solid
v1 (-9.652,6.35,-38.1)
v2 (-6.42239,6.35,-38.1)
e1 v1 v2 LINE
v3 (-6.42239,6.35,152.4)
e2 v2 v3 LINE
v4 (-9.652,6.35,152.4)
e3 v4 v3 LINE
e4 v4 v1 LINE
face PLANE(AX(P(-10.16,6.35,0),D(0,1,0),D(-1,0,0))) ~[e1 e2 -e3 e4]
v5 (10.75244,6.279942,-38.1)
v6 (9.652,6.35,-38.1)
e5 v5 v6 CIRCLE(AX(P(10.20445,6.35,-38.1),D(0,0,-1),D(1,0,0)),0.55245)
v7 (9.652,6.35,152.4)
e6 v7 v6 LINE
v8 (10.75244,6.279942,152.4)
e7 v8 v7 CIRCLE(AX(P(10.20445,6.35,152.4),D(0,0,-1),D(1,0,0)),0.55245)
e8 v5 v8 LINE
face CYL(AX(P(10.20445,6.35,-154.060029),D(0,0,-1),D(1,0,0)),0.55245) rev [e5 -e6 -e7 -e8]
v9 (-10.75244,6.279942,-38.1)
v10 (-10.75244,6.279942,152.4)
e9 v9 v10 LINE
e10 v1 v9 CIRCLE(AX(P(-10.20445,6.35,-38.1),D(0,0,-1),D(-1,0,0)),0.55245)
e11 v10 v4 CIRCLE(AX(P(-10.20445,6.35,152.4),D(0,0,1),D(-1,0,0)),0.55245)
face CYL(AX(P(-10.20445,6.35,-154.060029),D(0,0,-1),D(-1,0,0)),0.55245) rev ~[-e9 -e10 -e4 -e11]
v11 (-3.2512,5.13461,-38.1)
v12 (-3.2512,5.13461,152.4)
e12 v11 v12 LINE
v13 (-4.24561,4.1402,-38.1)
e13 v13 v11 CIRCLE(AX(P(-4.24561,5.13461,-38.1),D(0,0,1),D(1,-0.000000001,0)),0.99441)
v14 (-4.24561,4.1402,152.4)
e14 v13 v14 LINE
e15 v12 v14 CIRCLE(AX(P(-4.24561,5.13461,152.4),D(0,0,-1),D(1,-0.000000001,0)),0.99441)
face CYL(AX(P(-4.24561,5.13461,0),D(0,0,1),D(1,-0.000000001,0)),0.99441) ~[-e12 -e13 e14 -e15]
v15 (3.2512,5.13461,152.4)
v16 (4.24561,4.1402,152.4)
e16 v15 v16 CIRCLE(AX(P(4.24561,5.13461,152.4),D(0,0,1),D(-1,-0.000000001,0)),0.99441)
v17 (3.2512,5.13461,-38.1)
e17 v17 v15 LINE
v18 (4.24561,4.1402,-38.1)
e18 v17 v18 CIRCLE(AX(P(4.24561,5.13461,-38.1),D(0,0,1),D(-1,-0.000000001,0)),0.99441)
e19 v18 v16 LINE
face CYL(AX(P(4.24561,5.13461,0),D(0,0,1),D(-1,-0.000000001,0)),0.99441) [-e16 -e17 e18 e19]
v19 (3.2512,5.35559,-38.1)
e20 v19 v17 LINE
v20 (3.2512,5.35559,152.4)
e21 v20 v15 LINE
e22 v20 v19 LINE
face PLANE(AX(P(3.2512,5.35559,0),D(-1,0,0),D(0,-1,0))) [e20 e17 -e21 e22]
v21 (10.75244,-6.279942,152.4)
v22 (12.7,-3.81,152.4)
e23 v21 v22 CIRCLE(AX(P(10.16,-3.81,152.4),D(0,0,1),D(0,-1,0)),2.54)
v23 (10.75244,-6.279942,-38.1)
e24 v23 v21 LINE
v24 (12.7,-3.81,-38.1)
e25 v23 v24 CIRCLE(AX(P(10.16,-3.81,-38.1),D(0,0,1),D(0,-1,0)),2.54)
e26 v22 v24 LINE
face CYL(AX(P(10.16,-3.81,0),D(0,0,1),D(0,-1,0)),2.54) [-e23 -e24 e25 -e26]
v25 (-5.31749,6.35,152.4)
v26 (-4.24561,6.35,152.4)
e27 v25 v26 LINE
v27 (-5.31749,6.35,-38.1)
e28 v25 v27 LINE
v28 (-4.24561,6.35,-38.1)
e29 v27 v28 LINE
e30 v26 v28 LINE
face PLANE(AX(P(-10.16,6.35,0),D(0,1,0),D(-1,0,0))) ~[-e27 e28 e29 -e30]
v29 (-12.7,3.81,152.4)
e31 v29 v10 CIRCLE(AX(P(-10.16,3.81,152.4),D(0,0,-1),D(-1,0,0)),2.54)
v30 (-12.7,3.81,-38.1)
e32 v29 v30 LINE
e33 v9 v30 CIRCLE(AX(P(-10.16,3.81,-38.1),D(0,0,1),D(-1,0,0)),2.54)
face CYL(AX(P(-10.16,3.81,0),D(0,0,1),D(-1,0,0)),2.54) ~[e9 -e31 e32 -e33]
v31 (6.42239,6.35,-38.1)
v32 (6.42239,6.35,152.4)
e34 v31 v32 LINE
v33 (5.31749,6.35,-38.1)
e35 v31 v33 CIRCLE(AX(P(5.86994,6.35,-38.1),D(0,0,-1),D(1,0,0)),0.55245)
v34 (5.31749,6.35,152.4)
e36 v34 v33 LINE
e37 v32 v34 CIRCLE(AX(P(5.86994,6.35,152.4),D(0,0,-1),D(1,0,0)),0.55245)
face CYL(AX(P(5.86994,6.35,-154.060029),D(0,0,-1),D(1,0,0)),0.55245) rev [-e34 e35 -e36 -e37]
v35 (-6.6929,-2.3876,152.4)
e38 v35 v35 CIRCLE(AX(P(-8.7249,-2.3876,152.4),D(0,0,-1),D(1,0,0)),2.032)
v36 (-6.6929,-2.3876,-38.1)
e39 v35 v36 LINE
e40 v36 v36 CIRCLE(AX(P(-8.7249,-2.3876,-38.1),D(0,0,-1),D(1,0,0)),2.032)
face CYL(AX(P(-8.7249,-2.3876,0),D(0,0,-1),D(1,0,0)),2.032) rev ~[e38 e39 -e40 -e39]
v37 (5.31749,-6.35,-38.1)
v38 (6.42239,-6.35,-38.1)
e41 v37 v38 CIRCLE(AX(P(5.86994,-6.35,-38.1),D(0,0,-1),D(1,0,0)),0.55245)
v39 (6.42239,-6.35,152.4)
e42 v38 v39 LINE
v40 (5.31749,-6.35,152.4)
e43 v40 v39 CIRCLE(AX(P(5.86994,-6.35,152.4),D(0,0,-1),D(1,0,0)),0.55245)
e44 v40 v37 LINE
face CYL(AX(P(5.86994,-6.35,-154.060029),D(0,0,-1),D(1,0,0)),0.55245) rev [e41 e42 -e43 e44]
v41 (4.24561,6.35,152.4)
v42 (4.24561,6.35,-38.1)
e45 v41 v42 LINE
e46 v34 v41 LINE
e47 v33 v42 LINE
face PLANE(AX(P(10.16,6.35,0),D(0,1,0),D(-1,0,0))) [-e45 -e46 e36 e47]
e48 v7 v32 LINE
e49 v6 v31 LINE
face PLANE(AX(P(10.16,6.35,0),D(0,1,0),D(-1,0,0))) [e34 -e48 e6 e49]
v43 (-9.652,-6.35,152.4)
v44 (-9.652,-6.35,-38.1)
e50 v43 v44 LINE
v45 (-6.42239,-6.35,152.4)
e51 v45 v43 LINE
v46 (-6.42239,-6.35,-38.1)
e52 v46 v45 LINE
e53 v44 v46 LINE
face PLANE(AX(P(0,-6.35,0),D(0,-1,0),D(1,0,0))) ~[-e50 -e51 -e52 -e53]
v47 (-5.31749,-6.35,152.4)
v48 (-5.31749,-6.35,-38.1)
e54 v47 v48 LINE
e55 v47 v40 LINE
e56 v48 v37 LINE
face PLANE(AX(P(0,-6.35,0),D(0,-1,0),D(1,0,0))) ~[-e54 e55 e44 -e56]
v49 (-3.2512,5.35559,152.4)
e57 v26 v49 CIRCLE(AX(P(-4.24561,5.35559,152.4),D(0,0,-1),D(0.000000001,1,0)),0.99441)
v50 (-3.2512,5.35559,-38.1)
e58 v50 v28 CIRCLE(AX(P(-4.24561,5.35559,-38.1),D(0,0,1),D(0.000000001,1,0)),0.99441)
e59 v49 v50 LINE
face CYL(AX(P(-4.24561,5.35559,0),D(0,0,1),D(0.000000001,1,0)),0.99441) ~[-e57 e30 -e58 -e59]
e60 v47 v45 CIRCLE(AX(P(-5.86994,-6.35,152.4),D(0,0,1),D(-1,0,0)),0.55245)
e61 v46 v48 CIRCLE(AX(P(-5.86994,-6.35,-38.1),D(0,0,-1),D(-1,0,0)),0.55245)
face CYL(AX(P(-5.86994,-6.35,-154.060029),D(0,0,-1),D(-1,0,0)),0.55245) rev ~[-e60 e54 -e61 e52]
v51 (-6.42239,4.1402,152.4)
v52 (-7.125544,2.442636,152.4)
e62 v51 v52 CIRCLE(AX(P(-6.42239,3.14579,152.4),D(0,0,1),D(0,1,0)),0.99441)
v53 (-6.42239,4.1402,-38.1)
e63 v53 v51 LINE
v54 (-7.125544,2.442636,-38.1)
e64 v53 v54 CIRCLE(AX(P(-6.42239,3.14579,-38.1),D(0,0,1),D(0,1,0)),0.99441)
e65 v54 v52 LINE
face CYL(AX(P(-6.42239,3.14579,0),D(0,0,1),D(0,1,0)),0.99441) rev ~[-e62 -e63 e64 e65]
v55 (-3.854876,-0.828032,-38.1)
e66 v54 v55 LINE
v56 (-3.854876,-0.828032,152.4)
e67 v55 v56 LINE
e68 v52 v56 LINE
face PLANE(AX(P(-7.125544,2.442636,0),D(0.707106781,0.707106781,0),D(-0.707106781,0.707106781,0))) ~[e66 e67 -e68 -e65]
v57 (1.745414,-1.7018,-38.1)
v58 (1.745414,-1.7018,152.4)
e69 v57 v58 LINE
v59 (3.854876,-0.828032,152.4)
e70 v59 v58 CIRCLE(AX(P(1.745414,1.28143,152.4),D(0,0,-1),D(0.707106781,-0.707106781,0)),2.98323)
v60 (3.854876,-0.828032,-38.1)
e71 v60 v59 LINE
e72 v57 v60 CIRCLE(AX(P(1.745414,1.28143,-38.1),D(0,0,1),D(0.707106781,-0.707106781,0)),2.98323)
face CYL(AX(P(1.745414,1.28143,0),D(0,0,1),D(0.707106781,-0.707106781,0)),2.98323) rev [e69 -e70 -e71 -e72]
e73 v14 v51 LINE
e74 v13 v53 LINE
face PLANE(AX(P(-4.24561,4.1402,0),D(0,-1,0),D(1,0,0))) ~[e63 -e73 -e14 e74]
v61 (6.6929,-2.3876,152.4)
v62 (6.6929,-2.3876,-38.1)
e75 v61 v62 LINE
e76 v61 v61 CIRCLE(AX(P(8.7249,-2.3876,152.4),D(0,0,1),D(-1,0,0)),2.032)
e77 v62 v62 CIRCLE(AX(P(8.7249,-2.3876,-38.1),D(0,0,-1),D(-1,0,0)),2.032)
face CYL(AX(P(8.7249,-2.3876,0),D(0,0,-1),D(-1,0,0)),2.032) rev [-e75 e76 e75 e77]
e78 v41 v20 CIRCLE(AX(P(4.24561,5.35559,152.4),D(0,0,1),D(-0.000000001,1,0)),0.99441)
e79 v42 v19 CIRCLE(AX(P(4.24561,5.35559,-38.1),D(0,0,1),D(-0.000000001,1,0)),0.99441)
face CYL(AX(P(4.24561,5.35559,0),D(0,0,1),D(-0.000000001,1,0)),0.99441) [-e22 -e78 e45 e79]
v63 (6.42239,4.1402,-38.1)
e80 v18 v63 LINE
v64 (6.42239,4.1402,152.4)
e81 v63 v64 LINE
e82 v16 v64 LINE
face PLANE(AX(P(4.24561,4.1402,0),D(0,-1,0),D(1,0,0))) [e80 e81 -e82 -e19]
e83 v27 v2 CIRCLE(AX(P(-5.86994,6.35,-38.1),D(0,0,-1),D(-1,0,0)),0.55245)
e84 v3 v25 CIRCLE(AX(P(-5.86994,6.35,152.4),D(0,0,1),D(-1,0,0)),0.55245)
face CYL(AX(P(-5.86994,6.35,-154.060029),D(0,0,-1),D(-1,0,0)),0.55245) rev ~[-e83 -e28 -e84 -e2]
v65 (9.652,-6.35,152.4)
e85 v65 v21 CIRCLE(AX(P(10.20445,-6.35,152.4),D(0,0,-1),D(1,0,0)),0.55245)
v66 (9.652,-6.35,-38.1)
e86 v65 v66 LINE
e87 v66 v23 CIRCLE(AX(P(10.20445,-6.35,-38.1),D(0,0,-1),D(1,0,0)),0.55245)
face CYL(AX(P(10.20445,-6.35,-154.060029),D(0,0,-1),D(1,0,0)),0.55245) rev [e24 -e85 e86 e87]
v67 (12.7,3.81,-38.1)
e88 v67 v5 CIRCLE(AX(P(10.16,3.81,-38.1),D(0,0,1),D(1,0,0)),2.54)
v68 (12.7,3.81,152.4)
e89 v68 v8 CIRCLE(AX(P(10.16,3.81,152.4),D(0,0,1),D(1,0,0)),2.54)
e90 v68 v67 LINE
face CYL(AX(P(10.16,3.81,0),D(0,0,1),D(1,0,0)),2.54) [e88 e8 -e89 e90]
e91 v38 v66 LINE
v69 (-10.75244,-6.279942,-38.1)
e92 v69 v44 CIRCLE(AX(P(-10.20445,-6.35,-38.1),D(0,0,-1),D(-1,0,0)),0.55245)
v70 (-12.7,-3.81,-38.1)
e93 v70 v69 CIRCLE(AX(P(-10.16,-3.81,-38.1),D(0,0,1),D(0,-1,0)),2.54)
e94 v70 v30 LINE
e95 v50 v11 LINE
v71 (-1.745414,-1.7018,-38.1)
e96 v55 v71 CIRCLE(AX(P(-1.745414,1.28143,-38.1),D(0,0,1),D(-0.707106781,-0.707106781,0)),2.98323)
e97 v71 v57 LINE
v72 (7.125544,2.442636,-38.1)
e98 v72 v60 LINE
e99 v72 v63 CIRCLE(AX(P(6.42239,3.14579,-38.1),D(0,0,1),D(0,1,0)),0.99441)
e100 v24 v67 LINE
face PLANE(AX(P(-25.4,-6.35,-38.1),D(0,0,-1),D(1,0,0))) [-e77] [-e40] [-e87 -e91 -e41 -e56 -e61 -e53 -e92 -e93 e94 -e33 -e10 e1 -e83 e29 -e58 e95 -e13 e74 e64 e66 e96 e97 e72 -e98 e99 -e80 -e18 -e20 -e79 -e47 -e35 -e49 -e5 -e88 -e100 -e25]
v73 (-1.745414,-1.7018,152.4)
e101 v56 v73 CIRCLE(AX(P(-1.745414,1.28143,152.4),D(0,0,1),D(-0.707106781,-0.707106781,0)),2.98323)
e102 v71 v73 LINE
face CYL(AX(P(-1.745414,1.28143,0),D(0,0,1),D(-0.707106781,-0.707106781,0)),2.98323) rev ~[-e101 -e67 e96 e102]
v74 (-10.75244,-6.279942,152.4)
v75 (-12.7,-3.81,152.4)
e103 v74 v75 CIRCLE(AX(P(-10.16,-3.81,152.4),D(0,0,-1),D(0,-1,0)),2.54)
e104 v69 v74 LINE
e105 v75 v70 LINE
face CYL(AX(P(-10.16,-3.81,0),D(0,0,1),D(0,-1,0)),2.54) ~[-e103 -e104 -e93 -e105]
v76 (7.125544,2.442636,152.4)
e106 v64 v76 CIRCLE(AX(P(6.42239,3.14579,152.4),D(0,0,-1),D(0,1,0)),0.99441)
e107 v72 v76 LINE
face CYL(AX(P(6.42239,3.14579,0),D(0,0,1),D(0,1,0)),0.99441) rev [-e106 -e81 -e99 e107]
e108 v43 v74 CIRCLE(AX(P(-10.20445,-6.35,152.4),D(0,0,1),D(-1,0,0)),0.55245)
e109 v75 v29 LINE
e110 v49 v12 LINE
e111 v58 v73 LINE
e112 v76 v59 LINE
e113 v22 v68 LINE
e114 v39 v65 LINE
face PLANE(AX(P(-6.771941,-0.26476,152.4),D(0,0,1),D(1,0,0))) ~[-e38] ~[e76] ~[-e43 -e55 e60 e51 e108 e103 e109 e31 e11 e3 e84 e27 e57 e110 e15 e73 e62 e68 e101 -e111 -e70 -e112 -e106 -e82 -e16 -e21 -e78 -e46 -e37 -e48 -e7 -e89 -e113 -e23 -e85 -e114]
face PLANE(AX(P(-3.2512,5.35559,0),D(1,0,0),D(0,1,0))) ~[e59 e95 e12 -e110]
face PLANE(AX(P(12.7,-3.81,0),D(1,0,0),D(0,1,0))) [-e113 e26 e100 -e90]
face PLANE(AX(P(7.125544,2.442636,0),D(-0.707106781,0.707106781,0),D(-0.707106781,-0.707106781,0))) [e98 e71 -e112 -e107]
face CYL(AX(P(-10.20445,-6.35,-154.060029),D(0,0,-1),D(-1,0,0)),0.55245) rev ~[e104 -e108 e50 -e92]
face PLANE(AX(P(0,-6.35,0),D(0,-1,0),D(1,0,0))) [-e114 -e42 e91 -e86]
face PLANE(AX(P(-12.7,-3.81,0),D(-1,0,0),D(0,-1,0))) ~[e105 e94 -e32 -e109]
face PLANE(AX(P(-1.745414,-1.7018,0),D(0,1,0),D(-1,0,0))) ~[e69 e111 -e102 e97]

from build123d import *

# Parameters (mm, degrees)
SKETCH3_R               = 2.032
BOSS_EXTRUDE1_DEPTH     = 152.4
CUT_EXTRUDE1_DEPTH      = 154.060029074
CUT_EXTRUDE1_DEPTH_BACK = 154.060029074
SKETCH4_R               = 0.55245
SKETCH5_W               = 50.8
SKETCH5_H               = 114.3
CUT_EXTRUDE2_DEPTH      = 154.454683865


with BuildPart() as part:
    # Sketch3 → Boss-Extrude1 (new, symmetric)
    with BuildSketch(Plane.XY):
        with BuildLine():
            Line((3.2512, 5.35559), (3.2512, 5.13461))
            ThreePointArc((3.2512, 5.13461), (3.542455946, 4.431455946), (4.24561, 4.1402))
            Line((4.24561, 4.1402), (6.42239, 4.1402))
            ThreePointArc((6.42239, 4.1402), (7.341105046, 3.526334232), (7.125544054, 2.442635946))
            Line((7.125544054, 2.442635946), (3.854875946, -0.828032163))
            ThreePointArc((3.854875946, -0.828032163), (2.887046479, -1.474715138), (1.745413783, -1.7018))
            Line((1.745413783, -1.7018), (0, -1.7018))
            Line((0, -1.7018), (0, -6.35))
            Line((0, -6.35), (10.16, -6.35))
            ThreePointArc((10.16, -6.35), (11.956051224, -5.606051224), (12.7, -3.81))
            Line((12.7, -3.81), (12.7, 3.81))
            ThreePointArc((12.7, 3.81), (11.956051224, 5.606051224), (10.16, 6.35))
            Line((10.16, 6.35), (4.24561, 6.35))
            ThreePointArc((4.24561, 6.35), (3.542455946, 6.058744054), (3.2512, 5.35559))
        make_face()
        with Locations(Location((8.7249, -2.3876, 0), (0, 0, 180))):
            Circle(SKETCH3_R, mode=Mode.SUBTRACT)
    extrude(amount=BOSS_EXTRUDE1_DEPTH, both=True)

    # Sketch4 → Cut-Extrude1 (cut, two sides: drawn at the far end of the back side and taken through both)
    with BuildSketch(Plane.XY.offset(-CUT_EXTRUDE1_DEPTH_BACK)):
        with Locations((5.86994, 6.35)):
            Circle(SKETCH4_R)
        with Locations((10.20445, 6.35)):
            Circle(SKETCH4_R)
        with Locations((5.86994, -6.35)):
            Circle(SKETCH4_R)
        with Locations((10.20445, -6.35)):
            Circle(SKETCH4_R)
    extrude(amount=CUT_EXTRUDE1_DEPTH + CUT_EXTRUDE1_DEPTH_BACK, mode=Mode.SUBTRACT)

    # Mirror1: part across plane


with BuildPart() as part_1:
    add(part.part)
    add(part.part.mirror(Plane(origin=(0, 0, 0), x_dir=(0, 0, 1), z_dir=(1, 0, 0))))

    # Sketch5 → Cut-Extrude2 (cut, through all)
    with BuildSketch(Plane.XZ.offset(6.35)):
        with Locations((0, -95.25)):
            Rectangle(SKETCH5_W, SKETCH5_H)
    extrude(amount=-CUT_EXTRUDE2_DEPTH, mode=Mode.SUBTRACT)


solid = part_1.part
